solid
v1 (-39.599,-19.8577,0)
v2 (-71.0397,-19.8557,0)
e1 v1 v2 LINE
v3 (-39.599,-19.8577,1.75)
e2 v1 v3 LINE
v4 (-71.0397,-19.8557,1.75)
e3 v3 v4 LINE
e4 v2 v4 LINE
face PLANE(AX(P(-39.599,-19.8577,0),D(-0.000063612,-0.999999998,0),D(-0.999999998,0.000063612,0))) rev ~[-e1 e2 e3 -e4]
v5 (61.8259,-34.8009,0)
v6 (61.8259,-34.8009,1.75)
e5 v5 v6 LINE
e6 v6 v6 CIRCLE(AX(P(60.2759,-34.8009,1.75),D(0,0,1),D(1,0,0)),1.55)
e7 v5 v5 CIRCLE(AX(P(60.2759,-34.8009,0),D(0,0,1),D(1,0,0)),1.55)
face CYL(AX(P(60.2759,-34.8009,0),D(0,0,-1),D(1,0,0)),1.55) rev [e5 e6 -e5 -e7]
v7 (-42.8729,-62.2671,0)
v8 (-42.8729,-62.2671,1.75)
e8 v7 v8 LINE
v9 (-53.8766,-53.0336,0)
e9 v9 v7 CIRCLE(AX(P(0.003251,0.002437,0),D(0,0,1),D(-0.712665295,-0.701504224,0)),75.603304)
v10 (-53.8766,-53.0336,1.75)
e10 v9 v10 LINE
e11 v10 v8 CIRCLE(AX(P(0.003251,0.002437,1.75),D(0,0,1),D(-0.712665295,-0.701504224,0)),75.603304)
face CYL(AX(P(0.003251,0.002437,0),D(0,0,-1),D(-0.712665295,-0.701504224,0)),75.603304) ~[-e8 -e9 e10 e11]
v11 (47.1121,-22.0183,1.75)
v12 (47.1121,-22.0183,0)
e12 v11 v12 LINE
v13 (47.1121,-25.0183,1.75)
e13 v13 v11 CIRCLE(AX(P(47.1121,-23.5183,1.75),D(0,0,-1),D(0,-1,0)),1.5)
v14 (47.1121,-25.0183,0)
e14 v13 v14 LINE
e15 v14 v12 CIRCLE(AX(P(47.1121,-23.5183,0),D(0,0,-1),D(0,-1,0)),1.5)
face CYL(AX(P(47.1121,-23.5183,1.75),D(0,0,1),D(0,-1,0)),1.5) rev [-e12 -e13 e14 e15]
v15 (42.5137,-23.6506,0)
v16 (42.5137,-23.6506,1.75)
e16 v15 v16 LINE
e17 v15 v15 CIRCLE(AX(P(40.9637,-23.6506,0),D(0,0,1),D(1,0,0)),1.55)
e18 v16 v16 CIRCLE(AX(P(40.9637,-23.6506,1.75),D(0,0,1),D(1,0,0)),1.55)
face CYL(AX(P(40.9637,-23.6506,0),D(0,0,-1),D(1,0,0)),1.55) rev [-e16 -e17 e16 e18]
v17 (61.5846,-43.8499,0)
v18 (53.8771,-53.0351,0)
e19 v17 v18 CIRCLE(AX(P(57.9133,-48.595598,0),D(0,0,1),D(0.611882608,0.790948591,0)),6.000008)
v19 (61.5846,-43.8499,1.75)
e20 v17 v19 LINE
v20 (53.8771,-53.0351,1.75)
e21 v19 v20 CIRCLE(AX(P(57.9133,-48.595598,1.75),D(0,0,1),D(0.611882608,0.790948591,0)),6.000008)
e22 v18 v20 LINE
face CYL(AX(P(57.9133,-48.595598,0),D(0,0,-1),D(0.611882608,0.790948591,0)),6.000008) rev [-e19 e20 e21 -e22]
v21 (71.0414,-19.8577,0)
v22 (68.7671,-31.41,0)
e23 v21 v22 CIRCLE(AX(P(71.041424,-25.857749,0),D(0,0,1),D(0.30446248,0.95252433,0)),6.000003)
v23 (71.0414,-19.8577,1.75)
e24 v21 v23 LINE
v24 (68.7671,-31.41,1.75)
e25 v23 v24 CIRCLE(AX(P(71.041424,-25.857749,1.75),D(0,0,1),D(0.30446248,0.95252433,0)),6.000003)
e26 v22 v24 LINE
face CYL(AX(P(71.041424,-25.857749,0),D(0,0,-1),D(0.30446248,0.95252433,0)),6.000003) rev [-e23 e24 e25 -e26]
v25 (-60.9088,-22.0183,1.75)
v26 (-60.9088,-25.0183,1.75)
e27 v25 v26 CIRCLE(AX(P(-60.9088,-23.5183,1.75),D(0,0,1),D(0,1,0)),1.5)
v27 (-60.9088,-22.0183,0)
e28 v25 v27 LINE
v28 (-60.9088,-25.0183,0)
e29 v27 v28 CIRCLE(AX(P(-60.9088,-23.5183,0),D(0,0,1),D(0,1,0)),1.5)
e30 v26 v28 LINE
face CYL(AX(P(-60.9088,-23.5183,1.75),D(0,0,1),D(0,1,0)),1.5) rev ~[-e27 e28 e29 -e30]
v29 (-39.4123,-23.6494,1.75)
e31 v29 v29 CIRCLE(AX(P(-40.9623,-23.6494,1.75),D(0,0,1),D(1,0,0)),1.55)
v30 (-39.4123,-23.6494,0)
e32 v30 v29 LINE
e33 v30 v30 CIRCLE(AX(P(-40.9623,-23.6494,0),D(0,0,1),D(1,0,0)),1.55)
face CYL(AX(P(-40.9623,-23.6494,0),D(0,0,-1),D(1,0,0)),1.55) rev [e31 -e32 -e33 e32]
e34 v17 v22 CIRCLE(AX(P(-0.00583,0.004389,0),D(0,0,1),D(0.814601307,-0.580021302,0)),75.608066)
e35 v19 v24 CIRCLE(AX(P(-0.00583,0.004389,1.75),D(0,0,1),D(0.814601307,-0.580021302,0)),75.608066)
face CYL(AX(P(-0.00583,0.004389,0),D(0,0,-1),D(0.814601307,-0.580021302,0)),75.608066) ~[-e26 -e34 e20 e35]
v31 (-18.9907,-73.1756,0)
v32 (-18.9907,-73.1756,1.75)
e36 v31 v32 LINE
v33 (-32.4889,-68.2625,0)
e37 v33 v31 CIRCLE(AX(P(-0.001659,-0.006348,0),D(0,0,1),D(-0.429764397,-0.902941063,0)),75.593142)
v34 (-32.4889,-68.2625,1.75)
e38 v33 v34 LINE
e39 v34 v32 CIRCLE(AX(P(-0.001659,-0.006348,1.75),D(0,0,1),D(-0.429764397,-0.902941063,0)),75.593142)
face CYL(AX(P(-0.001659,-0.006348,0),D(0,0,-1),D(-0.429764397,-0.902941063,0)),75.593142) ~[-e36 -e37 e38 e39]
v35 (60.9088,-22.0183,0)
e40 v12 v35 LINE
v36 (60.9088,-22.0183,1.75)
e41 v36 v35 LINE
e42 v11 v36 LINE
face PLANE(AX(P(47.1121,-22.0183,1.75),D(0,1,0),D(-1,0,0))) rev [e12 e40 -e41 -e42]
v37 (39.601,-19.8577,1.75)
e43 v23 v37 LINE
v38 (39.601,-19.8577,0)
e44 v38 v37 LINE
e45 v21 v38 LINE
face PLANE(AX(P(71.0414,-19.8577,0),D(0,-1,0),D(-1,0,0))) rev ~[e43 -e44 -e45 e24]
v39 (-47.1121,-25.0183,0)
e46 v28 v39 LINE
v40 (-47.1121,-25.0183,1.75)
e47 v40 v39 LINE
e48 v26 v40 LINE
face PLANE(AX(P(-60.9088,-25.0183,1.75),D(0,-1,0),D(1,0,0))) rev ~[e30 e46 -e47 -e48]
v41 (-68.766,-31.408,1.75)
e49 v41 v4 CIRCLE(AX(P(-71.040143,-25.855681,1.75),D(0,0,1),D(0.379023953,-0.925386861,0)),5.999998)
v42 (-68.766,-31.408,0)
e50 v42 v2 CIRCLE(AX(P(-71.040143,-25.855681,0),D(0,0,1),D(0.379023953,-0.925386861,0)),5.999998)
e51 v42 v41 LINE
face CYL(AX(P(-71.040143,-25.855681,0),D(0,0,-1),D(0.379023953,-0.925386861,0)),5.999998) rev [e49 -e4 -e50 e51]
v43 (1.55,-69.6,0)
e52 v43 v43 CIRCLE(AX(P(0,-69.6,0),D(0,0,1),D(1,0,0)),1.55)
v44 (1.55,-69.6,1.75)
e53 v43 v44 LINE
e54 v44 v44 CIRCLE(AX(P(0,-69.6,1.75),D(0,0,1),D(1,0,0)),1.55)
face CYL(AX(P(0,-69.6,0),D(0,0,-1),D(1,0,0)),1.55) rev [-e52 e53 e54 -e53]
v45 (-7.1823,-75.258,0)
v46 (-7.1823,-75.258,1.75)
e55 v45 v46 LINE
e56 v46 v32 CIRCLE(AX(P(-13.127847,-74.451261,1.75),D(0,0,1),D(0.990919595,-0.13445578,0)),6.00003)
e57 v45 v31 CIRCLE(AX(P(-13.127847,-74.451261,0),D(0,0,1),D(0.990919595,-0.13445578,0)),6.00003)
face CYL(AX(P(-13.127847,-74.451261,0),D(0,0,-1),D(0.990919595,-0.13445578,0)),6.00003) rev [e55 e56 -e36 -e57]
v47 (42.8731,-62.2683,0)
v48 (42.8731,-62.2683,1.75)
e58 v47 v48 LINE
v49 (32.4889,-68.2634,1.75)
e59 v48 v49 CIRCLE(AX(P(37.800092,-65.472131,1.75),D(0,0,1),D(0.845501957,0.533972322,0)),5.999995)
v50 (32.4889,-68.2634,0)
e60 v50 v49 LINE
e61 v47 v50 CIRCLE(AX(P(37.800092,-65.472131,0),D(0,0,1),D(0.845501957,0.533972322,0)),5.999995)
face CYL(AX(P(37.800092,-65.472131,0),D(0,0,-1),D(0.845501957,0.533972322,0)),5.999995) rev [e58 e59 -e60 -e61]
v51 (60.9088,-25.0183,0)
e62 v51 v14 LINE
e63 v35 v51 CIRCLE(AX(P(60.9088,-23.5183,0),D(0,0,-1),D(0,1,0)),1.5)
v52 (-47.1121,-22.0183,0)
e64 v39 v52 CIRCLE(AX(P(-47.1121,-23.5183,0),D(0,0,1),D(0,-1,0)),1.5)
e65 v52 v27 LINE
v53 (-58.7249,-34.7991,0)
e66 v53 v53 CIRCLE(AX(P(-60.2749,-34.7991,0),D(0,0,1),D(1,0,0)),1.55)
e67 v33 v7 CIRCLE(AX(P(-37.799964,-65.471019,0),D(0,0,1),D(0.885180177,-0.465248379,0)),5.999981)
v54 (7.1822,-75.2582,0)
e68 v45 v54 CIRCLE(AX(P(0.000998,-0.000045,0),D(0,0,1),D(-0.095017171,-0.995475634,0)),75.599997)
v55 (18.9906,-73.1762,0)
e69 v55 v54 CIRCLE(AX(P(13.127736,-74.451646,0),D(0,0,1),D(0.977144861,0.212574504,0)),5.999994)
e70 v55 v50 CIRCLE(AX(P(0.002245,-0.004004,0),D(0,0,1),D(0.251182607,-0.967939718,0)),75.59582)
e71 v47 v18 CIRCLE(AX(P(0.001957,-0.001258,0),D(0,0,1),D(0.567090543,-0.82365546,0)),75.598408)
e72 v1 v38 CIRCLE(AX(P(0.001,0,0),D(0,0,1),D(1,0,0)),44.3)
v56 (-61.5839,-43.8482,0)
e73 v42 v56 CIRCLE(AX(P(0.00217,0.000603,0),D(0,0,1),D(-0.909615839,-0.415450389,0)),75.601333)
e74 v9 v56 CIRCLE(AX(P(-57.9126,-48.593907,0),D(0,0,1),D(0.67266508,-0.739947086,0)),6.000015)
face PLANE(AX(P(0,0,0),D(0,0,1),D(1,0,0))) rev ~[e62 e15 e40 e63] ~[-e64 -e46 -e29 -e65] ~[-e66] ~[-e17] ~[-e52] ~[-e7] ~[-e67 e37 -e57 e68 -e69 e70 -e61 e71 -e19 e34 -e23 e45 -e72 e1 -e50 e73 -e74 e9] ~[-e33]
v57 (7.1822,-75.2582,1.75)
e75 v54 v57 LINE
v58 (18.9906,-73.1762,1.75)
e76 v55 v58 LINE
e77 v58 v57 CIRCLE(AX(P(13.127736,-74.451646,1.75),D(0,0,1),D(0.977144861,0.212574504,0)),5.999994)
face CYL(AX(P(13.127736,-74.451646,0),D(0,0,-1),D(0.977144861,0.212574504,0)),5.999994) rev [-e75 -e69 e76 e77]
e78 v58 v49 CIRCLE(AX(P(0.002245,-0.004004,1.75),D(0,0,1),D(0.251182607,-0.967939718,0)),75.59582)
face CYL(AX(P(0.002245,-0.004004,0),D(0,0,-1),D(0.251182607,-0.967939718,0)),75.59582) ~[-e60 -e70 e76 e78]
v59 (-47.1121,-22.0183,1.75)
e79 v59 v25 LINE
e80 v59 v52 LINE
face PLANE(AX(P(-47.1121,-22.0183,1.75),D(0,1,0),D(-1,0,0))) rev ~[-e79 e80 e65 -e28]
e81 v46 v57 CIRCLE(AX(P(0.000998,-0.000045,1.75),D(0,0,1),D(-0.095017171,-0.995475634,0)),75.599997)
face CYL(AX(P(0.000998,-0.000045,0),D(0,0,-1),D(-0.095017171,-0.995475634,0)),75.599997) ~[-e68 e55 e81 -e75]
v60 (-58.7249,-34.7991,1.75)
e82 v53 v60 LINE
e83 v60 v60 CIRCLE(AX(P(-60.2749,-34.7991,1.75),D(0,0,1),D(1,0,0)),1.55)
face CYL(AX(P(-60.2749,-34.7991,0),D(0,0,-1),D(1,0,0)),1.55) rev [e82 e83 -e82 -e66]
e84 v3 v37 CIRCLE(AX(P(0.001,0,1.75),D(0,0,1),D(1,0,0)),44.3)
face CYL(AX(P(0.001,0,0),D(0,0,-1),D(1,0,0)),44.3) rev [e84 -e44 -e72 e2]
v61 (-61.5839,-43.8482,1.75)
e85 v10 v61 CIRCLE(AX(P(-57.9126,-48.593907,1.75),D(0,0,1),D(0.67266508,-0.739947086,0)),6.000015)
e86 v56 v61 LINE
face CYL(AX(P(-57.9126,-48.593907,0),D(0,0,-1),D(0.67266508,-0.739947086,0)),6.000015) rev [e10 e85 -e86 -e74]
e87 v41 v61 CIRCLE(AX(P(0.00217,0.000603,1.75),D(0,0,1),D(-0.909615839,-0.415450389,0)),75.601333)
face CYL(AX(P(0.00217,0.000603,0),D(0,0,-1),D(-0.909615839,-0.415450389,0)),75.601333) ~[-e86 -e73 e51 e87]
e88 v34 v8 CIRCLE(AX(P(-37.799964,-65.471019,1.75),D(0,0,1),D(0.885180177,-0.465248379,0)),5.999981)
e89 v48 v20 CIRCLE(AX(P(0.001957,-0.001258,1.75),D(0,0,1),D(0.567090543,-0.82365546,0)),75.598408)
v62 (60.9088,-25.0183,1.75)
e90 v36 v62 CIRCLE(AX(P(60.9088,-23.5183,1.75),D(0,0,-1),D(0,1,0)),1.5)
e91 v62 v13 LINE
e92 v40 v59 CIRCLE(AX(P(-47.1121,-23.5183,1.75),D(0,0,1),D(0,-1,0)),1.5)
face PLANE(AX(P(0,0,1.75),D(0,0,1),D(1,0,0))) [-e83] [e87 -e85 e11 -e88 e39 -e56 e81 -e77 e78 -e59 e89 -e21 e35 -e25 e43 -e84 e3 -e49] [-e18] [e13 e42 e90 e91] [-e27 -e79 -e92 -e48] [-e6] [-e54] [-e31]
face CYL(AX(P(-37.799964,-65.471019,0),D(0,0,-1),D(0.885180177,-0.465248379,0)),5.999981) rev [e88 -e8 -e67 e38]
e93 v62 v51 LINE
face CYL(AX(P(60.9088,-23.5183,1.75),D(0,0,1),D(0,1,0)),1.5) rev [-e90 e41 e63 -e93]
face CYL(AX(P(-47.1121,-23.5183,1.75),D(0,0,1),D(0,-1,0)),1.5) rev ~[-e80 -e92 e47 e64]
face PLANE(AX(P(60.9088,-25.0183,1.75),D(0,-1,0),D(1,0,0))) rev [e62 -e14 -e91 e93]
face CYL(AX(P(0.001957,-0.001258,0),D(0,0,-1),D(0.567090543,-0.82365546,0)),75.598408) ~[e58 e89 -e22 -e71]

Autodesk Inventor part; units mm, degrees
ref_plane "YZ Plane" through (0, 0, 0) normal (1, 0, 0) x (0, 1, 0)
ref_plane "XZ Plane" through (0, 0, 0) normal (0, 1, 0) x (-1, 0, 0)
ref_plane "XY Plane" through (0, 0, 0) normal (0, 0, 1) x (1, 0, 0)
sketch "Sketch1" plane through (0, 0, 0) normal (0, 0, 1) x (1, 0, 0)
  circle A0 centre (46.9462, 34.742) radius 1.05 projected
  circle A1 centre (53.415, 34.1058) radius 1.05 projected
  circle A2 centre (-46.9442, -34.742) radius 1.05 construction
  circle A3 centre (-53.413, -34.1058) radius 1.05 construction
  arc A4 (72.8682, -20.1426) -> (68.7671, -31.41) centre (71.0414, -25.8577) ccw projected
  arc A5 (72.8682, -20.1426) -> (72.8688, 20.1405) centre (0.001, 0) ccw projected
  arc A6 (68.768, 31.408) -> (72.8688, 20.1405) centre (71.0421, 25.8557) ccw projected
  arc A7 (68.768, 31.408) -> (61.5859, 43.8482) centre (0.001, 0) ccw projected
  arc A8 (53.8786, 53.0336) -> (61.5859, 43.8482) centre (57.9147, 48.5939) ccw projected
  arc A9 (53.8786, 53.0336) -> (42.8749, 62.2671) centre (0.001, 0) ccw projected
  arc A10 (32.4909, 68.2625) -> (42.8749, 62.2671) centre (37.8019, 65.471) ccw projected
  arc A11 (32.4909, 68.2625) -> (18.9927, 73.1756) centre (0.001, 0) ccw projected
  arc A12 (7.1843, 75.258) -> (18.9927, 73.1756) centre (13.1299, 74.4513) ccw projected
  arc A13 (7.1843, 75.258) -> (-7.1802, 75.2582) centre (0.001, 0) ccw projected
  arc A14 (-18.9886, 73.1762) -> (-7.1802, 75.2582) centre (-13.1257, 74.4517) ccw projected
  arc A15 (-18.9886, 73.1762) -> (-32.4869, 68.2634) centre (0.001, 0) ccw projected
  arc A16 (-42.8711, 62.2683) -> (-32.4869, 68.2634) centre (-37.7981, 65.4721) ccw projected
  arc A17 (-42.8711, 62.2683) -> (-53.8751, 53.0351) centre (0.001, 0) ccw projected
  arc A18 (-61.5826, 43.8499) -> (-53.8751, 53.0351) centre (-57.9113, 48.5956) ccw projected
  arc A19 (-61.5826, 43.8499) -> (-68.7651, 31.41) centre (0.001, 0) ccw projected
  arc A20 (-72.8662, 20.1426) -> (-68.7651, 31.41) centre (-71.0394, 25.8577) ccw projected
  arc A21 (-72.8662, 20.1426) -> (-72.8668, -20.1405) centre (0.001, 0) ccw projected
  arc A22 (-68.766, -31.408) -> (-72.8668, -20.1405) centre (-71.0401, -25.8557) ccw projected
  arc A23 (-68.766, -31.408) -> (-61.5839, -43.8482) centre (0.001, 0) ccw projected
  arc A24 (-53.8766, -53.0336) -> (-61.5839, -43.8482) centre (-57.9127, -48.5939) ccw projected
  arc A25 (-53.8766, -53.0336) -> (-42.8729, -62.2671) centre (0.001, 0) ccw projected
  arc A26 (-32.4889, -68.2625) -> (-42.8729, -62.2671) centre (-37.7999, -65.471) ccw projected
  arc A27 (-32.4889, -68.2625) -> (-18.9907, -73.1756) centre (0.001, 0) ccw projected
  arc A28 (-7.1823, -75.258) -> (-18.9907, -73.1756) centre (-13.1279, -74.4513) ccw projected
  arc A29 (-7.1823, -75.258) -> (7.1822, -75.2582) centre (0.001, 0) ccw projected
  arc A30 (18.9906, -73.1762) -> (7.1822, -75.2582) centre (13.1277, -74.4517) ccw projected
  arc A31 (18.9906, -73.1762) -> (32.4889, -68.2634) centre (0.001, 0) ccw projected
  arc A32 (42.8731, -62.2683) -> (32.4889, -68.2634) centre (37.8001, -65.4721) ccw projected
  arc A33 (42.8731, -62.2683) -> (53.8771, -53.0351) centre (0.001, 0) ccw projected
  arc A34 (61.5846, -43.8499) -> (53.8771, -53.0351) centre (57.9133, -48.5956) ccw projected
  arc A35 (61.5846, -43.8499) -> (68.7671, -31.41) centre (0.001, 0) ccw projected
  circle A36 centre (0.001, 0) radius 44.3 projected
  circle A37 centre (-69.9492, -11.499) radius 1.3 projected
  circle A38 centre (-46.9488, 11.5007) radius 1.3 projected
  circle A39 centre (69.9508, -11.501) radius 1.3 projected
  circle A40 centre (46.9512, 11.4993) radius 1.3 projected
  circle A41 centre (69.9512, 11.499) radius 1.3 projected
  circle A42 centre (46.9508, -11.5007) radius 1.3 projected
  circle A43 centre (-69.9488, 11.501) radius 1.3 projected
  circle A44 centre (-46.9492, -11.4993) radius 1.3 projected
  circle A45 centre (-58.449, 0.0008) radius 11.5 projected
  circle A46 centre (58.451, -0.0008) radius 11.5 projected
  circle A47 centre (60.2759, -34.8009) radius 1.55 projected
  circle A48 centre (44.7383, -53.3173) radius 1.55 projected
  circle A49 centre (16.1779, -44.4477) radius 1.55 projected
  circle A50 centre (0, -69.6) radius 1.55 projected
  circle A51 centre (-23.8045, -65.4023) radius 1.55 projected
  circle A52 centre (-30.4034, -36.2335) radius 1.55 projected
  circle A53 centre (-60.2749, -34.7991) radius 1.55 projected
  circle A54 centre (60.2769, 34.7991) radius 1.55 projected
  circle A55 centre (44.7398, 53.3161) radius 1.55 projected
  circle A56 centre (23.8065, 65.4023) radius 1.55 projected
  circle A57 centre (-40.9617, 23.6506) radius 1.55 projected
  circle A58 centre (-30.4023, 36.2343) radius 1.55 projected
  circle A59 centre (-16.1759, 44.4477) radius 1.55 projected
  circle A60 centre (0.0017, 47.3) radius 1.55 projected
  circle A61 centre (0.002, 69.6) radius 1.55 projected
  circle A62 centre (-23.8027, 65.4029) radius 1.55 projected
  circle A63 centre (-44.7363, 53.3173) radius 1.55 projected
  circle A64 centre (-60.2739, 34.8009) radius 1.55 projected
  circle A65 centre (16.1792, 44.4472) radius 1.55 projected
  circle A66 centre (30.4054, 36.2335) radius 1.55 projected
  circle A67 centre (40.9643, 23.6494) radius 1.55 projected
  circle A68 centre (-40.9623, -23.6494) radius 1.55 projected
  circle A69 centre (-44.7378, -53.3161) radius 1.55 projected
  circle A70 centre (-16.1772, -44.4472) radius 1.55 projected
  circle A71 centre (0.0003, -47.3) radius 1.55 projected
  circle A72 centre (23.8047, -65.4029) radius 1.55 projected
  circle A73 centre (30.4043, -36.2343) radius 1.55 projected
  circle A74 centre (40.9637, -23.6506) radius 1.55 projected
  line L0 (58.451, 0) -> (0.001, 0) construction
  line L1 (71.0414, -19.8577) -> (39.601, -19.8577)
  line L2 (0.001, 0) -> (0.001, -87.4041) construction
  line L3 (71.0414, -25.8577) -> (71.0414, -19.8577) construction
  line L4 (39.601, -19.8577) -> (-39.599, -19.8577) construction
  line L5 (-39.599, -19.8577) -> (-71.0397, -19.8557)
  point P0 (0, 0)
extrude "Extrusion1" add sketch "Sketch1" along normal blind 1.75 contours A4 A35 A34 A33 A32 A31 A30 A29 A28 A27 A26 A25 A24 A23 A22 L5 A36 L1
sketch "Sketch2" plane through (0, 0, 1.75) normal (0, 0, 1) x (1, 0, 0)
  circle A0 centre (-30.4034, -36.2335) radius 1.55 projected
  circle A1 centre (-44.7378, -53.3161) radius 1.55 projected
  circle A2 centre (-23.8045, -65.4023) radius 1.55 projected
  circle A3 centre (-16.1772, -44.4472) radius 1.55 projected
  circle A4 centre (16.1779, -44.4477) radius 1.55 projected
  circle A5 centre (23.8047, -65.4029) radius 1.55 projected
  circle A6 centre (44.7383, -53.3173) radius 1.55 projected
  circle A7 centre (30.4043, -36.2343) radius 1.55 projected
  circle A8 centre (0.0003, -47.3) radius 1.55 projected
  point P0 (0, 0)
extrude "Extrusion2" add sketch "Sketch2" against normal up to surface (1.75 mm away)
sketch "Sketch3" plane through (0, 0, 1.75) normal (0, 0, 1) x (1, 0, 0)
  line L0 (-60.9088, -23.5183) -> (-47.1121, -23.5183) construction
  line L1 (-60.9088, -25.0183) -> (-47.1121, -25.0183)
  line L2 (-47.1121, -22.0183) -> (-60.9088, -22.0183)
  arc A0 (-60.9088, -22.0183) -> (-60.9088, -25.0183) centre (-60.9088, -23.5183) ccw
  arc A1 (-47.1121, -25.0183) -> (-47.1121, -22.0183) centre (-47.1121, -23.5183) ccw
  line L3 (-60.9088, -23.5183) -> (-65.5141, -23.5183) construction
  arc A2 (-68.766, -31.408) -> (-71.0397, -19.8557) centre (-71.0401, -25.8557) ccw projected
  line L4 (-47.1121, -23.5183) -> (-42.5068, -23.5183) construction
  circle A3 centre (-40.9623, -23.6494) radius 1.55 projected
  point P0 (0, 0)
  point P1 (-54.0105, -23.5183)
  point P2 (-71.0401, -19.8557)
  dimension "d4" = 3
extrude "Extrusion3" cut sketch "Sketch3" against normal up to surface (1.75 mm away) contours A0 L2 A1 L1
mirror "Mirror1" about plane through (0, 0, 0) normal (1, 0, 0) of "Extrusion3"
sketch "Sketch4" plane through (0, 0, 1.75) normal (0, 0, 1) x (1, 0, 0)
  line L0 (13.6094, 45.369) -> (8.7511, 46.5508) construction
  line L1 (13.8458, 46.3407) -> (8.9875, 47.5225)
  line L2 (8.5148, 45.5792) -> (13.3731, 44.3973)
  arc A0 (13.3731, 44.3973) -> (13.8458, 46.3407) centre (13.6094, 45.369) ccw
  arc A1 (8.9875, 47.5225) -> (8.5148, 45.5792) centre (8.7511, 46.5508) ccw
  circle A2 centre (0, 0) radius 47.3002 construction
  arc A3 (-39.599, -19.8577) -> (39.601, -19.8577) centre (0.001, 0) ccw projected
  point P0 (11.1803, 45.9599)
  point P1 (-39.6, -19.8557)
  dimension "d7" = 2
  dimension "d8" = 5
  dimension "d9" = 2
extrude "Extrusion4" cut sketch "Sketch4" against normal up to surface (1.75 mm away)
equation "\"d0\" = board_height"
equation "\"d2\" = board_height"
equation "\"d5\" = board_height"
equation "\"d10\" = board_height"
equation "\"board_height\" = 1.75"
properties part number "Board_Shape"
